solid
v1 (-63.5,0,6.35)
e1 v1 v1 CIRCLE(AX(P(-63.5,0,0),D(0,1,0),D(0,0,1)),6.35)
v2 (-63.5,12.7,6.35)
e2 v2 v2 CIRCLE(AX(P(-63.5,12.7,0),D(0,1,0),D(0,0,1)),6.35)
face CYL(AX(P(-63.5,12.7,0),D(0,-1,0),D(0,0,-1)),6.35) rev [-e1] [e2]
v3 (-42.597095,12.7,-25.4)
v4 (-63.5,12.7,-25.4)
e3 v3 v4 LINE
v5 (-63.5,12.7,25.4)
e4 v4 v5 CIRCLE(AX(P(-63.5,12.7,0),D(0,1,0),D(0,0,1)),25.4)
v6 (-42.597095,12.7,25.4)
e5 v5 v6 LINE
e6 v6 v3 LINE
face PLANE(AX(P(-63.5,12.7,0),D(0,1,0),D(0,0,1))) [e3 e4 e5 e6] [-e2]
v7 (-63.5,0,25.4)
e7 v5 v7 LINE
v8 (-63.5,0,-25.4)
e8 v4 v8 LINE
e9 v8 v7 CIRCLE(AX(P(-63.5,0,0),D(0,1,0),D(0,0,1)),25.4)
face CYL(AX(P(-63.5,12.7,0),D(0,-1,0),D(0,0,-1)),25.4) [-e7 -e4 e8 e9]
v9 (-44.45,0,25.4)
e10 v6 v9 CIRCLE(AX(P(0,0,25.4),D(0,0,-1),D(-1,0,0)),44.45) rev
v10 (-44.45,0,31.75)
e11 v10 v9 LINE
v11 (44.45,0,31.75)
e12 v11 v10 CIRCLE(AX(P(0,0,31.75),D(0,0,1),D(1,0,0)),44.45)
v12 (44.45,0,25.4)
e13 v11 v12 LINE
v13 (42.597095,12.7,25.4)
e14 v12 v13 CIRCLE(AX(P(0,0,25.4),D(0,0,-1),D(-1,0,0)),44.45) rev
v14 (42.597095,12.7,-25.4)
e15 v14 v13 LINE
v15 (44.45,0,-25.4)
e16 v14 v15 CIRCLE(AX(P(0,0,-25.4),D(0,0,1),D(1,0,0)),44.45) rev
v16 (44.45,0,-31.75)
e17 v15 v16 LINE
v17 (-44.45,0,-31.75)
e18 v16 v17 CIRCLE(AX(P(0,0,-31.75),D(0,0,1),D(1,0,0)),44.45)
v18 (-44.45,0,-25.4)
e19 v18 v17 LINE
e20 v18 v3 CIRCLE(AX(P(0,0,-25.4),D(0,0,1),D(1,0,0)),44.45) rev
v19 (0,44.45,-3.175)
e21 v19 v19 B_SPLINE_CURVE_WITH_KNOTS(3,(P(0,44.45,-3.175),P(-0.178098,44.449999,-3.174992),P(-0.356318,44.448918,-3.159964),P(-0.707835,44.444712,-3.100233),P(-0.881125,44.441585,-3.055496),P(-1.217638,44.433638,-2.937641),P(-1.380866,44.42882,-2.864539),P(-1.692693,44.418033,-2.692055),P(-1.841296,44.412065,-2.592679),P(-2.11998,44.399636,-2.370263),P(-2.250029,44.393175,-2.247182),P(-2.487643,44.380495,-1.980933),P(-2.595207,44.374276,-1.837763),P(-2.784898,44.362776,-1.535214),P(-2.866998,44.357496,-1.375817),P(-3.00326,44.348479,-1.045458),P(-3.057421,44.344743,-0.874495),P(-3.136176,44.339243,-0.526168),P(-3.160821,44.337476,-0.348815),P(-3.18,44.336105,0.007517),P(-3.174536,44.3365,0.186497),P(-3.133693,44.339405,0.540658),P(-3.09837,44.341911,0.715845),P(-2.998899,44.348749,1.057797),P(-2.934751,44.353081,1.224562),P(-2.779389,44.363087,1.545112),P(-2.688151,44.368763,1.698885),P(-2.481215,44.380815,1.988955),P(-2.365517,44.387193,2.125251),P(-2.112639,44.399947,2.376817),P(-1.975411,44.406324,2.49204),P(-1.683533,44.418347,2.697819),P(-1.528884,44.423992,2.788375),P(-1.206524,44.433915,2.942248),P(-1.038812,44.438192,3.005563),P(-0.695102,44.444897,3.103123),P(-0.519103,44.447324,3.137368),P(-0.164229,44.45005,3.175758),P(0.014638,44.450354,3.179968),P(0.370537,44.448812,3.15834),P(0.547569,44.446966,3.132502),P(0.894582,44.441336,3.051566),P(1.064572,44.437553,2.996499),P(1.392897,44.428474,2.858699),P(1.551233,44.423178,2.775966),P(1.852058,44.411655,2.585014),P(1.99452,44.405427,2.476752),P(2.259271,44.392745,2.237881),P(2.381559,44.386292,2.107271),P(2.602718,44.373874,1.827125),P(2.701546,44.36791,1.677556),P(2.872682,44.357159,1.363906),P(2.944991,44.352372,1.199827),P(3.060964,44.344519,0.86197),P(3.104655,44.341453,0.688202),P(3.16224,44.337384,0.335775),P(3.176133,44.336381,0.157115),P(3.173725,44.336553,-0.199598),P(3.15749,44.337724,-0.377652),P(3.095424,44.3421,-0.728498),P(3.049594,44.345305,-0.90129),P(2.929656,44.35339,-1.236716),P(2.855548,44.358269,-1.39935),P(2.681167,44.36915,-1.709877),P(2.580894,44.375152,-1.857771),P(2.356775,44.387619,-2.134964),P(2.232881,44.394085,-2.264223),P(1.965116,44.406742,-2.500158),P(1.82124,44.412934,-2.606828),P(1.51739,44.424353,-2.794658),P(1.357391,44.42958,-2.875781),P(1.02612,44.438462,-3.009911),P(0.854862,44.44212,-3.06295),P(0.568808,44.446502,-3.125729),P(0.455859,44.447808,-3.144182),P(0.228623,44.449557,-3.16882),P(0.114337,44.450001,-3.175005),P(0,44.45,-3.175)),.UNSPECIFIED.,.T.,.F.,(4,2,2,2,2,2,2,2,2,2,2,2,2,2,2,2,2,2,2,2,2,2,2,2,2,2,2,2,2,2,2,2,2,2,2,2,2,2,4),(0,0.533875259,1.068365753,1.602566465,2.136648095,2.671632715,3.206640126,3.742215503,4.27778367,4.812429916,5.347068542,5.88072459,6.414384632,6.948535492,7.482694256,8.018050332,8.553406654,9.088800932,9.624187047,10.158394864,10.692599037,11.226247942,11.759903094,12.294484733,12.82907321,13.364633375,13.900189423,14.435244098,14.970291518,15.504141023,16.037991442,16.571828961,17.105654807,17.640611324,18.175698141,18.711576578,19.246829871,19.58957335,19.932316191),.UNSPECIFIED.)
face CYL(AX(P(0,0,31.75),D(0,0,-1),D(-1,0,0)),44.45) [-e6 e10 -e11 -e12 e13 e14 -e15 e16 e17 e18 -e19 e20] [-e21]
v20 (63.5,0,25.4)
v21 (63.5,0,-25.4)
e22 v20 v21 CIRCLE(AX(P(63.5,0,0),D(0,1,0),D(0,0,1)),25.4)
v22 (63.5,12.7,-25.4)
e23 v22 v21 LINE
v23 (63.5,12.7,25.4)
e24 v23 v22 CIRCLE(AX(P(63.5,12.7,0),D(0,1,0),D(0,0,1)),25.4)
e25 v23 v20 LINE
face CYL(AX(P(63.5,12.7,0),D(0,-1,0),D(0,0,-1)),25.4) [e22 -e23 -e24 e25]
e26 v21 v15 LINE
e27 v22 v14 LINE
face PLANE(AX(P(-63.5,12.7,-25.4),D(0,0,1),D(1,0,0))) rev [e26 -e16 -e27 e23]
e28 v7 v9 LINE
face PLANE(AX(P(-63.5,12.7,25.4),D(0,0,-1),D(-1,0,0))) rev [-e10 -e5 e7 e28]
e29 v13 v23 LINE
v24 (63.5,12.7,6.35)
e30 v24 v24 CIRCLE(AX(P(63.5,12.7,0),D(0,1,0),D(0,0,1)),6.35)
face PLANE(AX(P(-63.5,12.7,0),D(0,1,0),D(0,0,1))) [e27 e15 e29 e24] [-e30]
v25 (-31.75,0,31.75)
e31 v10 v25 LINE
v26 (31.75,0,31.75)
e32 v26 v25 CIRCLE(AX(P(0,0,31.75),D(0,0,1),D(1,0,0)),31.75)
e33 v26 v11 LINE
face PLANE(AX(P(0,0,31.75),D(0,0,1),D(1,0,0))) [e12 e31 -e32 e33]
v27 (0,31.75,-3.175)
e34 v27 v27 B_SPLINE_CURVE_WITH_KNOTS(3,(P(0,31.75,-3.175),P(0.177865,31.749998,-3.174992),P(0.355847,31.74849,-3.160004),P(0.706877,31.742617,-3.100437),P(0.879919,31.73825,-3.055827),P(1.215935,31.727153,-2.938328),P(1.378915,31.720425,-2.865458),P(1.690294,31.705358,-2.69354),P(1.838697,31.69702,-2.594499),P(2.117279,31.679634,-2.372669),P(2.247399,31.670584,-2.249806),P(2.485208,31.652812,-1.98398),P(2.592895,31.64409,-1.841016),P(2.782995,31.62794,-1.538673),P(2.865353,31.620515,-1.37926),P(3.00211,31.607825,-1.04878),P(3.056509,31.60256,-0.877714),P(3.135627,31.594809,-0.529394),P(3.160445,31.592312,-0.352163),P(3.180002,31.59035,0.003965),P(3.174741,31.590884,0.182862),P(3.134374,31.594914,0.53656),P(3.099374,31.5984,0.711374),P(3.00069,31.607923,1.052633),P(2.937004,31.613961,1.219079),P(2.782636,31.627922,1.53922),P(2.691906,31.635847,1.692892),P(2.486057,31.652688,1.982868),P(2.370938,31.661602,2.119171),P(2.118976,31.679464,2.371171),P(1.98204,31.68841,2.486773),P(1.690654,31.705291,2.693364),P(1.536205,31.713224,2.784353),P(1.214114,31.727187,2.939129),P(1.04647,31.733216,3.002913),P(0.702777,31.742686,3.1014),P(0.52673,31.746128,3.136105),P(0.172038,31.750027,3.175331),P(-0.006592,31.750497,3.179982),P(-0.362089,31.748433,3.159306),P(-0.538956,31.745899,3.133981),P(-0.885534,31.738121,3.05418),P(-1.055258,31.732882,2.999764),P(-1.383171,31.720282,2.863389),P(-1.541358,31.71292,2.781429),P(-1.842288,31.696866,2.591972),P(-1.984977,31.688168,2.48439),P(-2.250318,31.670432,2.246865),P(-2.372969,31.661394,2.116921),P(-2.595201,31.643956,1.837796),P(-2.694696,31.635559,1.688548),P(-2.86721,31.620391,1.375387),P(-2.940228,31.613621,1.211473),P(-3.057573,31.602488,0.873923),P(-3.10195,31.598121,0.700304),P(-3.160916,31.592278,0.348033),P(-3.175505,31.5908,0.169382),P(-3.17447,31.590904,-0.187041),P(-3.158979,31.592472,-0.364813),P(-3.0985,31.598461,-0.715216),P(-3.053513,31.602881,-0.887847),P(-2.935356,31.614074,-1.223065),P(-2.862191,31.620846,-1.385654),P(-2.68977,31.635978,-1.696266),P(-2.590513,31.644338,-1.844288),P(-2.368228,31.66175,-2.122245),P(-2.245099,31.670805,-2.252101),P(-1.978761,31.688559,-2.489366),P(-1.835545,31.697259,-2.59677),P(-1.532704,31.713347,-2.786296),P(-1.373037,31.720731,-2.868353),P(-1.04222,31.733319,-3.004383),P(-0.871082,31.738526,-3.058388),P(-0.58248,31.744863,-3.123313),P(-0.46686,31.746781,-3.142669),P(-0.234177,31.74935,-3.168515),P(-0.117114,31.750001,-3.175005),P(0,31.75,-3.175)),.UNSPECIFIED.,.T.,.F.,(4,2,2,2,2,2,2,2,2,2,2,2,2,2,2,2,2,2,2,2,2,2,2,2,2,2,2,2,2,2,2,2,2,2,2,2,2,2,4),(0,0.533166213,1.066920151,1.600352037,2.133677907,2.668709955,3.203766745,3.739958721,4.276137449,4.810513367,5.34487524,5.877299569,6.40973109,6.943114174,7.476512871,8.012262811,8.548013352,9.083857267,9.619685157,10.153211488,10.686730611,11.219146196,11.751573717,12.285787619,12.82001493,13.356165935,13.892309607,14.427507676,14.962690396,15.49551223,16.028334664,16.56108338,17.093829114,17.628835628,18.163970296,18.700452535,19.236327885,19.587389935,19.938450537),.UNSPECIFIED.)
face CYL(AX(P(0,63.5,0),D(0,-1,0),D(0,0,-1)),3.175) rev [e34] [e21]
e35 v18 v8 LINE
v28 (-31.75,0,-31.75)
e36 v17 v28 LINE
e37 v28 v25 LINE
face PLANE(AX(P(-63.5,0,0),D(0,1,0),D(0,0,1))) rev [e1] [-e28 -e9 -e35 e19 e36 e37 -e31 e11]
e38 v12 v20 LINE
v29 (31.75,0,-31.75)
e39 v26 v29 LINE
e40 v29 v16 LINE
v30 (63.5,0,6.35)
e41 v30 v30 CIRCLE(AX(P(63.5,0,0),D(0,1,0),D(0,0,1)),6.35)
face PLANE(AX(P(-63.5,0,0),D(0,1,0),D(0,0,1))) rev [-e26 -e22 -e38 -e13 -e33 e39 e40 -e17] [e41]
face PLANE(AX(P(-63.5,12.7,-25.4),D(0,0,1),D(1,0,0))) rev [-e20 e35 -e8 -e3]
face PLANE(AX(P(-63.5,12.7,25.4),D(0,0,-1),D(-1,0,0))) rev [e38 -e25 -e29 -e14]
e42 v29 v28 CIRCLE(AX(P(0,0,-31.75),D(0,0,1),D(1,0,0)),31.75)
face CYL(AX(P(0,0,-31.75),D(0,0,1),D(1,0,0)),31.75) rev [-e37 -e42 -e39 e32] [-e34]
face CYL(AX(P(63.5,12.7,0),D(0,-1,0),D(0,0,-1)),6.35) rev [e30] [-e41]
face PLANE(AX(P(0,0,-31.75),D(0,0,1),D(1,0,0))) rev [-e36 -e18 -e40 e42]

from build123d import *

# Parameters (mm, degrees)
SKETCH1_R           = 6.35
BOSS_EXTRUDE1_DEPTH = 12.7
BOSS_EXTRUDE2_DEPTH = 31.75
SKETCH3_R           = 31.75
CUT_EXTRUDE1_DEPTH  = 31.75
SKETCH4_R           = 3.175
CUT_EXTRUDE2_DEPTH  = 63.5


with BuildPart() as part:
    # Sketch1 → Boss-Extrude1 (new body)
    with BuildSketch(Plane(origin=(0, 0, 0), x_dir=(1, 0, 0), z_dir=(0, 1, 0))):
        with BuildLine():
            Line((-63.5, 25.4), (63.5, 25.4))
            ThreePointArc((63.5, 25.4), (88.9, 0), (63.5, -25.4))
            Line((63.5, -25.4), (-63.5, -25.4))
            ThreePointArc((-63.5, -25.4), (-88.9, 0), (-63.5, 25.4))
        make_face()
        with Locations(Location((-63.5, 0, 0), (0, 0, 270))):  # turned: the seam where the file's is
            Circle(SKETCH1_R, mode=Mode.SUBTRACT)
        with Locations(Location((63.5, 0, 0), (0, 0, 270))):  # turned: the seam where the file's is
            Circle(SKETCH1_R, mode=Mode.SUBTRACT)
    extrude(amount=BOSS_EXTRUDE1_DEPTH)

    # Sketch2 → Boss-Extrude2 (add, symmetric)
    with BuildSketch(Plane.XY):
        with BuildLine():
            Line((-44.45, 0), (44.45, 0))
            ThreePointArc((44.45, 0), (0, 44.45), (-44.45, 0))
        make_face()
    extrude(amount=BOSS_EXTRUDE2_DEPTH, both=True)

    # Sketch3 → Cut-Extrude1 (cut, symmetric)
    with BuildSketch(Plane.XY):
        Circle(SKETCH3_R)
    extrude(amount=CUT_EXTRUDE1_DEPTH, both=True, mode=Mode.SUBTRACT)

    # Sketch4 → Cut-Extrude2 (cut)
    with BuildSketch(Plane(origin=(0, 0, 0), x_dir=(1, 0, 0), z_dir=(0, 1, 0))):
        with Locations(Location((0, 0, 0), (0, 0, 90))):  # turned: the seam where the file's is
            Circle(SKETCH4_R)
    extrude(amount=CUT_EXTRUDE2_DEPTH, mode=Mode.SUBTRACT)


solid = part.part
